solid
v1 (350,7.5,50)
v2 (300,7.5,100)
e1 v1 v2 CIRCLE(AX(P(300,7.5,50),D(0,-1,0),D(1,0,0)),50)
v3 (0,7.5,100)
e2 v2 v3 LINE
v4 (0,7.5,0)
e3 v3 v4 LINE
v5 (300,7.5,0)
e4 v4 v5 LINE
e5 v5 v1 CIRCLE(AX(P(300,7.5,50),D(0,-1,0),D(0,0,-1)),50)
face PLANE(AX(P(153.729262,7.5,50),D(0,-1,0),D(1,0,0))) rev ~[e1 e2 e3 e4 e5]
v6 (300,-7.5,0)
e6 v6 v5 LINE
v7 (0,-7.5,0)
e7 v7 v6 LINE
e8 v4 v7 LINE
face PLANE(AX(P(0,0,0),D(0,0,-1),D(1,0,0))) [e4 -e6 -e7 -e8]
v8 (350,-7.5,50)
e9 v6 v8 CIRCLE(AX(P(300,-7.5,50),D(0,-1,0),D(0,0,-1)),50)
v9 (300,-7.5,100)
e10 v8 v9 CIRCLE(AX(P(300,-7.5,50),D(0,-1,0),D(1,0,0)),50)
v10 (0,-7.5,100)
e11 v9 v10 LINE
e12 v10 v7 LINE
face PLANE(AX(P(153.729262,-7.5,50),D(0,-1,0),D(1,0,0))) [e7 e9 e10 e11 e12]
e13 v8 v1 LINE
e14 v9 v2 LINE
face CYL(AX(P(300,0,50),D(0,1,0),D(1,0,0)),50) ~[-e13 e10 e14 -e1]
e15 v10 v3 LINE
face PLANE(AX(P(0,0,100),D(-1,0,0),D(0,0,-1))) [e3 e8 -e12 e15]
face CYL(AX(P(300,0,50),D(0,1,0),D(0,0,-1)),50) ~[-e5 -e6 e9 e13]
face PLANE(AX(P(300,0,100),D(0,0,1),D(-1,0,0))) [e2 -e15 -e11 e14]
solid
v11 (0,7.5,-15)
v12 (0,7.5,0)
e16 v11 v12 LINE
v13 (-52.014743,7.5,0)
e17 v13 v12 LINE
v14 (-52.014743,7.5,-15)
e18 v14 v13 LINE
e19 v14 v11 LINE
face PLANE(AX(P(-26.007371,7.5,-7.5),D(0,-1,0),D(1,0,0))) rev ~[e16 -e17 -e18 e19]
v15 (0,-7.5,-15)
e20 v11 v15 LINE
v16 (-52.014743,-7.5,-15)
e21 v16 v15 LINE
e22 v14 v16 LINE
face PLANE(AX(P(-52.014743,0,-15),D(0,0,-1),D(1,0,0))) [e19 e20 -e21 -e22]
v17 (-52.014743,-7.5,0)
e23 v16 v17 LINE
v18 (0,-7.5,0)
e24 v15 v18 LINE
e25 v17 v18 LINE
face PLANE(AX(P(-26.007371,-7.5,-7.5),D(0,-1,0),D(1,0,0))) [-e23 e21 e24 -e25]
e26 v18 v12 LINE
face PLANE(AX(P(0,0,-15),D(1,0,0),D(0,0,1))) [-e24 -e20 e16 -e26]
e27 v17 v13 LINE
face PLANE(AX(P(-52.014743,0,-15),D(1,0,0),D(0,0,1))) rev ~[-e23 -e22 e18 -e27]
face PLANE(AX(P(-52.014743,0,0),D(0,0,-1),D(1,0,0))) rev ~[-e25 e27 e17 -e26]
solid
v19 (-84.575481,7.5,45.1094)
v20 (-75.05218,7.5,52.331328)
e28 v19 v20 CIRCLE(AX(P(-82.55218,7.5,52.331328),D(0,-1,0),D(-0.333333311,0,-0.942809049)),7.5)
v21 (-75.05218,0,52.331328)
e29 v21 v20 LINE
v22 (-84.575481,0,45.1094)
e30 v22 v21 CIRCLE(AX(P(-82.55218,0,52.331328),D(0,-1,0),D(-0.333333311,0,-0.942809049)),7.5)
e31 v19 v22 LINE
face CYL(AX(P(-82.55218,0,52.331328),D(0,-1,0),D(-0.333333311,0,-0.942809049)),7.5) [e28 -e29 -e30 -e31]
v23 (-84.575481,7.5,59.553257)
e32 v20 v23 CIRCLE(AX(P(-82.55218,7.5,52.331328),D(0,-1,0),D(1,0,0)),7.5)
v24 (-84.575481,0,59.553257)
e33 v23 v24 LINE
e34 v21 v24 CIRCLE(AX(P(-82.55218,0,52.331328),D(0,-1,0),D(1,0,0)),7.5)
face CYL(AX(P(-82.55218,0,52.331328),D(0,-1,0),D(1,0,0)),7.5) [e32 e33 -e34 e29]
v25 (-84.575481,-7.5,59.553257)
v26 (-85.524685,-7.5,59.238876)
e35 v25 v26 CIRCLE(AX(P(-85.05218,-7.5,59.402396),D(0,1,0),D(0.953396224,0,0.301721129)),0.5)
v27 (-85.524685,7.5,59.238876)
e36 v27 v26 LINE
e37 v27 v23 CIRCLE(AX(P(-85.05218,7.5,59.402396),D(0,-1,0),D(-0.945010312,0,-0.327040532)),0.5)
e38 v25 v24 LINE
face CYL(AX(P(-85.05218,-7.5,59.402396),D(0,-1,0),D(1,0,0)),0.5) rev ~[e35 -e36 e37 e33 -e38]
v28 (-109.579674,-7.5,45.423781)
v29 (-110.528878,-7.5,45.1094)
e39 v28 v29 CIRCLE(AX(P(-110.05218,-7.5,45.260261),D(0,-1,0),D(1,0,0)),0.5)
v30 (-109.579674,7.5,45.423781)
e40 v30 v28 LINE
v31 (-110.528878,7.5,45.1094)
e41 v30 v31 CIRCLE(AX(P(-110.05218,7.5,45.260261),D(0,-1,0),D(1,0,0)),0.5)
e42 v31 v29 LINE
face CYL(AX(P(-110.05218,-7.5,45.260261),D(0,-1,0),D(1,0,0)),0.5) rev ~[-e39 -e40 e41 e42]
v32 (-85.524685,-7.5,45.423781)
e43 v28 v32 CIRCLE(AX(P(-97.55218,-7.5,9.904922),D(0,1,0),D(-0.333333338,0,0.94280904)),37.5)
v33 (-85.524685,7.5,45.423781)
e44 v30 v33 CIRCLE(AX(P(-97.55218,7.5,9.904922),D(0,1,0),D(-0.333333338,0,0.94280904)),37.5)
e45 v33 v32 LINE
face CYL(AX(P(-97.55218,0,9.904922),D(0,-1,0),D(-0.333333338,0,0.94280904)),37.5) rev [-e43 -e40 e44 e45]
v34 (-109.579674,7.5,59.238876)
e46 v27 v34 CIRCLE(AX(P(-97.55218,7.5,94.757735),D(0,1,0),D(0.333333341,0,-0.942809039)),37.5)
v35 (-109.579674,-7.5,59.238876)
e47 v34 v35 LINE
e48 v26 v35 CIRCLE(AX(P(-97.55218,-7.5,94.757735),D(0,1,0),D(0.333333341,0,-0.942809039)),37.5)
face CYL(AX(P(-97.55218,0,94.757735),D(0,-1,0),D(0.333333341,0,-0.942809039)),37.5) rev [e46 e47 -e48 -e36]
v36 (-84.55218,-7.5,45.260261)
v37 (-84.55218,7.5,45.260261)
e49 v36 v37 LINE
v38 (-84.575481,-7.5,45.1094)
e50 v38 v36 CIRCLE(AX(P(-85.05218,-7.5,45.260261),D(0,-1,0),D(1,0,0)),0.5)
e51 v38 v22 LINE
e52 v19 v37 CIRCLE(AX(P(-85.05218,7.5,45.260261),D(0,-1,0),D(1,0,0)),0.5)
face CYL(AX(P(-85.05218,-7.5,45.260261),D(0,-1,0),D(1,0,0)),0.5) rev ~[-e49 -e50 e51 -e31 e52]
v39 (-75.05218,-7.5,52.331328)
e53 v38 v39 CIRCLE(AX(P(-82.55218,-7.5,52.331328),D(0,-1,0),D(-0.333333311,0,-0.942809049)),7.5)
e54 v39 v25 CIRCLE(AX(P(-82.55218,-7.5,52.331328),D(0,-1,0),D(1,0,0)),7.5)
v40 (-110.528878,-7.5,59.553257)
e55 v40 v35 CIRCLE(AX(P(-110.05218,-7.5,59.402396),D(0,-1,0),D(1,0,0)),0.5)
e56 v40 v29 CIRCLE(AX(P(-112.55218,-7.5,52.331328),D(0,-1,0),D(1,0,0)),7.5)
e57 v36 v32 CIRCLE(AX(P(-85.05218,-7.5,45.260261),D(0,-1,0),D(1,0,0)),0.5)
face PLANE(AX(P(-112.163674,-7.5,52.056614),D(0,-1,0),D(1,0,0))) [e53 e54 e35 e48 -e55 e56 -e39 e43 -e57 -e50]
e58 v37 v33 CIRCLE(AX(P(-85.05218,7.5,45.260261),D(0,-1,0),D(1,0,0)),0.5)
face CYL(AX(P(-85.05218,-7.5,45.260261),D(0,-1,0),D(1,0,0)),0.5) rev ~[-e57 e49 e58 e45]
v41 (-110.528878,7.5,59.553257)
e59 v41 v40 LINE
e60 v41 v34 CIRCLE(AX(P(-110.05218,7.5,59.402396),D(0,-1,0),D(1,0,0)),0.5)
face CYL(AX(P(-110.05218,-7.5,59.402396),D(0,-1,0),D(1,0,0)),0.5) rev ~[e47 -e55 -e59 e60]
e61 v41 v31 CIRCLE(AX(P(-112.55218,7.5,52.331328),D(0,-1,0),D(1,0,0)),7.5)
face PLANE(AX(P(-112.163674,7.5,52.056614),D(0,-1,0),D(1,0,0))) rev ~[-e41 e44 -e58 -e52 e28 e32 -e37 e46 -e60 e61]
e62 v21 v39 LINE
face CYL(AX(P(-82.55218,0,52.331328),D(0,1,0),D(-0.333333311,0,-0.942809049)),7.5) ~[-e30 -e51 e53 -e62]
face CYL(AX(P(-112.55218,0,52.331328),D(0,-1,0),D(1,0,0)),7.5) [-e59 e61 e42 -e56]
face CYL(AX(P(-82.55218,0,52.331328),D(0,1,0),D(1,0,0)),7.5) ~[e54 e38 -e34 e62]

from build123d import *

# Parameters (mm, degrees)
F2_DEPTH = 7.5
F3_W     = 52.0147429434
F3_H     = 15
F4_DEPTH = 7.5
F6_DEPTH = 7.5
F7_R     = 0.5
F8_DEPTH = 25


with BuildPart() as f2:
    # F1 (on Front) → F2 (new body, symmetric)
    with BuildSketch(Plane.XZ):
        with BuildLine():
            Line((0, 100), (0, 0))
            Line((0, 0), (300, 0))
            ThreePointArc((300, 0), (250, 50), (300, 100))
            Line((300, 100), (0, 100))
        make_face()
        with BuildLine():
            ThreePointArc((300, 100), (250, 50), (300, 0))
            Line((300, 0), (300, 100))
        make_face()
        with BuildLine():
            Line((300, 100), (300, 0))
            ThreePointArc((300, 0), (335.3553390593, 14.6446609407), (350, 50))
            ThreePointArc((350, 50), (335.3553390593, 85.3553390593), (300, 100))
        make_face()
    extrude(amount=F2_DEPTH, both=True)


with BuildPart() as f4:
    # F3 (on Front) → F4 (new body, symmetric)
    with BuildSketch(Plane.XZ):
        with Locations((-26.0073714717, -7.5)):
            Rectangle(F3_W, F3_H)
    extrude(amount=F4_DEPTH, both=True)


with BuildPart() as f6:
    # F5 (on Front) → F6 (new body, symmetric)
    with BuildSketch(Plane.XZ):
        with BuildLine():
            ThreePointArc((-110.0521796982, 45.2602605215), (-106.4284552261, 48.0012013012), (-105.0521795322, 52.331328392))
            ThreePointArc((-105.0521795322, 52.331328392), (-106.4284552185, 56.6614554721), (-110.0521796734, 59.4023962538))
            ThreePointArc((-110.0521796734, 59.4023962538), (-120.0521795322, 52.3313284051), (-110.0521796982, 45.2602605215))
        make_face()
        with BuildLine():
            ThreePointArc((-110.0521796734, 59.4023962538), (-106.4284552185, 56.6614554721), (-105.0521795322, 52.331328392))
            ThreePointArc((-105.0521795322, 52.331328392), (-106.4284552261, 48.0012013012), (-110.0521796982, 45.2602605215))
            ThreePointArc((-110.0521796982, 45.2602605215), (-97.5521795322, 47.4049215208), (-85.0521793663, 45.2602605215))
            ThreePointArc((-85.0521793663, 45.2602605215), (-90.0521795322, 52.3313284476), (-85.0521792615, 59.4023962996))
            ThreePointArc((-85.0521792615, 59.4023962996), (-97.5521794635, 57.2577352632), (-110.0521796734, 59.4023962538))
        make_face()
        with BuildLine():
            ThreePointArc((-75.0521795322, 52.331328392), (-78.2220523961, 58.4550526661), (-85.0521792615, 59.4023962996))
            ThreePointArc((-85.0521792615, 59.4023962996), (-90.0521795322, 52.3313284476), (-85.0521793663, 45.2602605215))
            ThreePointArc((-85.0521793663, 45.2602605215), (-78.2220524414, 46.2076040859), (-75.0521795322, 52.331328392))
        make_face()
    extrude(amount=F6_DEPTH, both=True)

    # F7 (on face) → F8 (cut)
    with BuildSketch(Plane.XZ.offset(7.5)):
        with Locations((-110.0521795322, 59.4023962039)):
            Circle(F7_R)
        with Locations((-85.0521795322, 59.4023962039)):
            Circle(F7_R)
        with Locations((-85.0521795322, 45.2602605802)):
            Circle(F7_R)
        with Locations((-110.0521795322, 45.2602605802)):
            Circle(F7_R)
    extrude(amount=-F8_DEPTH, mode=Mode.SUBTRACT)


solid = Compound([f2.part, f4.part, f6.part])
